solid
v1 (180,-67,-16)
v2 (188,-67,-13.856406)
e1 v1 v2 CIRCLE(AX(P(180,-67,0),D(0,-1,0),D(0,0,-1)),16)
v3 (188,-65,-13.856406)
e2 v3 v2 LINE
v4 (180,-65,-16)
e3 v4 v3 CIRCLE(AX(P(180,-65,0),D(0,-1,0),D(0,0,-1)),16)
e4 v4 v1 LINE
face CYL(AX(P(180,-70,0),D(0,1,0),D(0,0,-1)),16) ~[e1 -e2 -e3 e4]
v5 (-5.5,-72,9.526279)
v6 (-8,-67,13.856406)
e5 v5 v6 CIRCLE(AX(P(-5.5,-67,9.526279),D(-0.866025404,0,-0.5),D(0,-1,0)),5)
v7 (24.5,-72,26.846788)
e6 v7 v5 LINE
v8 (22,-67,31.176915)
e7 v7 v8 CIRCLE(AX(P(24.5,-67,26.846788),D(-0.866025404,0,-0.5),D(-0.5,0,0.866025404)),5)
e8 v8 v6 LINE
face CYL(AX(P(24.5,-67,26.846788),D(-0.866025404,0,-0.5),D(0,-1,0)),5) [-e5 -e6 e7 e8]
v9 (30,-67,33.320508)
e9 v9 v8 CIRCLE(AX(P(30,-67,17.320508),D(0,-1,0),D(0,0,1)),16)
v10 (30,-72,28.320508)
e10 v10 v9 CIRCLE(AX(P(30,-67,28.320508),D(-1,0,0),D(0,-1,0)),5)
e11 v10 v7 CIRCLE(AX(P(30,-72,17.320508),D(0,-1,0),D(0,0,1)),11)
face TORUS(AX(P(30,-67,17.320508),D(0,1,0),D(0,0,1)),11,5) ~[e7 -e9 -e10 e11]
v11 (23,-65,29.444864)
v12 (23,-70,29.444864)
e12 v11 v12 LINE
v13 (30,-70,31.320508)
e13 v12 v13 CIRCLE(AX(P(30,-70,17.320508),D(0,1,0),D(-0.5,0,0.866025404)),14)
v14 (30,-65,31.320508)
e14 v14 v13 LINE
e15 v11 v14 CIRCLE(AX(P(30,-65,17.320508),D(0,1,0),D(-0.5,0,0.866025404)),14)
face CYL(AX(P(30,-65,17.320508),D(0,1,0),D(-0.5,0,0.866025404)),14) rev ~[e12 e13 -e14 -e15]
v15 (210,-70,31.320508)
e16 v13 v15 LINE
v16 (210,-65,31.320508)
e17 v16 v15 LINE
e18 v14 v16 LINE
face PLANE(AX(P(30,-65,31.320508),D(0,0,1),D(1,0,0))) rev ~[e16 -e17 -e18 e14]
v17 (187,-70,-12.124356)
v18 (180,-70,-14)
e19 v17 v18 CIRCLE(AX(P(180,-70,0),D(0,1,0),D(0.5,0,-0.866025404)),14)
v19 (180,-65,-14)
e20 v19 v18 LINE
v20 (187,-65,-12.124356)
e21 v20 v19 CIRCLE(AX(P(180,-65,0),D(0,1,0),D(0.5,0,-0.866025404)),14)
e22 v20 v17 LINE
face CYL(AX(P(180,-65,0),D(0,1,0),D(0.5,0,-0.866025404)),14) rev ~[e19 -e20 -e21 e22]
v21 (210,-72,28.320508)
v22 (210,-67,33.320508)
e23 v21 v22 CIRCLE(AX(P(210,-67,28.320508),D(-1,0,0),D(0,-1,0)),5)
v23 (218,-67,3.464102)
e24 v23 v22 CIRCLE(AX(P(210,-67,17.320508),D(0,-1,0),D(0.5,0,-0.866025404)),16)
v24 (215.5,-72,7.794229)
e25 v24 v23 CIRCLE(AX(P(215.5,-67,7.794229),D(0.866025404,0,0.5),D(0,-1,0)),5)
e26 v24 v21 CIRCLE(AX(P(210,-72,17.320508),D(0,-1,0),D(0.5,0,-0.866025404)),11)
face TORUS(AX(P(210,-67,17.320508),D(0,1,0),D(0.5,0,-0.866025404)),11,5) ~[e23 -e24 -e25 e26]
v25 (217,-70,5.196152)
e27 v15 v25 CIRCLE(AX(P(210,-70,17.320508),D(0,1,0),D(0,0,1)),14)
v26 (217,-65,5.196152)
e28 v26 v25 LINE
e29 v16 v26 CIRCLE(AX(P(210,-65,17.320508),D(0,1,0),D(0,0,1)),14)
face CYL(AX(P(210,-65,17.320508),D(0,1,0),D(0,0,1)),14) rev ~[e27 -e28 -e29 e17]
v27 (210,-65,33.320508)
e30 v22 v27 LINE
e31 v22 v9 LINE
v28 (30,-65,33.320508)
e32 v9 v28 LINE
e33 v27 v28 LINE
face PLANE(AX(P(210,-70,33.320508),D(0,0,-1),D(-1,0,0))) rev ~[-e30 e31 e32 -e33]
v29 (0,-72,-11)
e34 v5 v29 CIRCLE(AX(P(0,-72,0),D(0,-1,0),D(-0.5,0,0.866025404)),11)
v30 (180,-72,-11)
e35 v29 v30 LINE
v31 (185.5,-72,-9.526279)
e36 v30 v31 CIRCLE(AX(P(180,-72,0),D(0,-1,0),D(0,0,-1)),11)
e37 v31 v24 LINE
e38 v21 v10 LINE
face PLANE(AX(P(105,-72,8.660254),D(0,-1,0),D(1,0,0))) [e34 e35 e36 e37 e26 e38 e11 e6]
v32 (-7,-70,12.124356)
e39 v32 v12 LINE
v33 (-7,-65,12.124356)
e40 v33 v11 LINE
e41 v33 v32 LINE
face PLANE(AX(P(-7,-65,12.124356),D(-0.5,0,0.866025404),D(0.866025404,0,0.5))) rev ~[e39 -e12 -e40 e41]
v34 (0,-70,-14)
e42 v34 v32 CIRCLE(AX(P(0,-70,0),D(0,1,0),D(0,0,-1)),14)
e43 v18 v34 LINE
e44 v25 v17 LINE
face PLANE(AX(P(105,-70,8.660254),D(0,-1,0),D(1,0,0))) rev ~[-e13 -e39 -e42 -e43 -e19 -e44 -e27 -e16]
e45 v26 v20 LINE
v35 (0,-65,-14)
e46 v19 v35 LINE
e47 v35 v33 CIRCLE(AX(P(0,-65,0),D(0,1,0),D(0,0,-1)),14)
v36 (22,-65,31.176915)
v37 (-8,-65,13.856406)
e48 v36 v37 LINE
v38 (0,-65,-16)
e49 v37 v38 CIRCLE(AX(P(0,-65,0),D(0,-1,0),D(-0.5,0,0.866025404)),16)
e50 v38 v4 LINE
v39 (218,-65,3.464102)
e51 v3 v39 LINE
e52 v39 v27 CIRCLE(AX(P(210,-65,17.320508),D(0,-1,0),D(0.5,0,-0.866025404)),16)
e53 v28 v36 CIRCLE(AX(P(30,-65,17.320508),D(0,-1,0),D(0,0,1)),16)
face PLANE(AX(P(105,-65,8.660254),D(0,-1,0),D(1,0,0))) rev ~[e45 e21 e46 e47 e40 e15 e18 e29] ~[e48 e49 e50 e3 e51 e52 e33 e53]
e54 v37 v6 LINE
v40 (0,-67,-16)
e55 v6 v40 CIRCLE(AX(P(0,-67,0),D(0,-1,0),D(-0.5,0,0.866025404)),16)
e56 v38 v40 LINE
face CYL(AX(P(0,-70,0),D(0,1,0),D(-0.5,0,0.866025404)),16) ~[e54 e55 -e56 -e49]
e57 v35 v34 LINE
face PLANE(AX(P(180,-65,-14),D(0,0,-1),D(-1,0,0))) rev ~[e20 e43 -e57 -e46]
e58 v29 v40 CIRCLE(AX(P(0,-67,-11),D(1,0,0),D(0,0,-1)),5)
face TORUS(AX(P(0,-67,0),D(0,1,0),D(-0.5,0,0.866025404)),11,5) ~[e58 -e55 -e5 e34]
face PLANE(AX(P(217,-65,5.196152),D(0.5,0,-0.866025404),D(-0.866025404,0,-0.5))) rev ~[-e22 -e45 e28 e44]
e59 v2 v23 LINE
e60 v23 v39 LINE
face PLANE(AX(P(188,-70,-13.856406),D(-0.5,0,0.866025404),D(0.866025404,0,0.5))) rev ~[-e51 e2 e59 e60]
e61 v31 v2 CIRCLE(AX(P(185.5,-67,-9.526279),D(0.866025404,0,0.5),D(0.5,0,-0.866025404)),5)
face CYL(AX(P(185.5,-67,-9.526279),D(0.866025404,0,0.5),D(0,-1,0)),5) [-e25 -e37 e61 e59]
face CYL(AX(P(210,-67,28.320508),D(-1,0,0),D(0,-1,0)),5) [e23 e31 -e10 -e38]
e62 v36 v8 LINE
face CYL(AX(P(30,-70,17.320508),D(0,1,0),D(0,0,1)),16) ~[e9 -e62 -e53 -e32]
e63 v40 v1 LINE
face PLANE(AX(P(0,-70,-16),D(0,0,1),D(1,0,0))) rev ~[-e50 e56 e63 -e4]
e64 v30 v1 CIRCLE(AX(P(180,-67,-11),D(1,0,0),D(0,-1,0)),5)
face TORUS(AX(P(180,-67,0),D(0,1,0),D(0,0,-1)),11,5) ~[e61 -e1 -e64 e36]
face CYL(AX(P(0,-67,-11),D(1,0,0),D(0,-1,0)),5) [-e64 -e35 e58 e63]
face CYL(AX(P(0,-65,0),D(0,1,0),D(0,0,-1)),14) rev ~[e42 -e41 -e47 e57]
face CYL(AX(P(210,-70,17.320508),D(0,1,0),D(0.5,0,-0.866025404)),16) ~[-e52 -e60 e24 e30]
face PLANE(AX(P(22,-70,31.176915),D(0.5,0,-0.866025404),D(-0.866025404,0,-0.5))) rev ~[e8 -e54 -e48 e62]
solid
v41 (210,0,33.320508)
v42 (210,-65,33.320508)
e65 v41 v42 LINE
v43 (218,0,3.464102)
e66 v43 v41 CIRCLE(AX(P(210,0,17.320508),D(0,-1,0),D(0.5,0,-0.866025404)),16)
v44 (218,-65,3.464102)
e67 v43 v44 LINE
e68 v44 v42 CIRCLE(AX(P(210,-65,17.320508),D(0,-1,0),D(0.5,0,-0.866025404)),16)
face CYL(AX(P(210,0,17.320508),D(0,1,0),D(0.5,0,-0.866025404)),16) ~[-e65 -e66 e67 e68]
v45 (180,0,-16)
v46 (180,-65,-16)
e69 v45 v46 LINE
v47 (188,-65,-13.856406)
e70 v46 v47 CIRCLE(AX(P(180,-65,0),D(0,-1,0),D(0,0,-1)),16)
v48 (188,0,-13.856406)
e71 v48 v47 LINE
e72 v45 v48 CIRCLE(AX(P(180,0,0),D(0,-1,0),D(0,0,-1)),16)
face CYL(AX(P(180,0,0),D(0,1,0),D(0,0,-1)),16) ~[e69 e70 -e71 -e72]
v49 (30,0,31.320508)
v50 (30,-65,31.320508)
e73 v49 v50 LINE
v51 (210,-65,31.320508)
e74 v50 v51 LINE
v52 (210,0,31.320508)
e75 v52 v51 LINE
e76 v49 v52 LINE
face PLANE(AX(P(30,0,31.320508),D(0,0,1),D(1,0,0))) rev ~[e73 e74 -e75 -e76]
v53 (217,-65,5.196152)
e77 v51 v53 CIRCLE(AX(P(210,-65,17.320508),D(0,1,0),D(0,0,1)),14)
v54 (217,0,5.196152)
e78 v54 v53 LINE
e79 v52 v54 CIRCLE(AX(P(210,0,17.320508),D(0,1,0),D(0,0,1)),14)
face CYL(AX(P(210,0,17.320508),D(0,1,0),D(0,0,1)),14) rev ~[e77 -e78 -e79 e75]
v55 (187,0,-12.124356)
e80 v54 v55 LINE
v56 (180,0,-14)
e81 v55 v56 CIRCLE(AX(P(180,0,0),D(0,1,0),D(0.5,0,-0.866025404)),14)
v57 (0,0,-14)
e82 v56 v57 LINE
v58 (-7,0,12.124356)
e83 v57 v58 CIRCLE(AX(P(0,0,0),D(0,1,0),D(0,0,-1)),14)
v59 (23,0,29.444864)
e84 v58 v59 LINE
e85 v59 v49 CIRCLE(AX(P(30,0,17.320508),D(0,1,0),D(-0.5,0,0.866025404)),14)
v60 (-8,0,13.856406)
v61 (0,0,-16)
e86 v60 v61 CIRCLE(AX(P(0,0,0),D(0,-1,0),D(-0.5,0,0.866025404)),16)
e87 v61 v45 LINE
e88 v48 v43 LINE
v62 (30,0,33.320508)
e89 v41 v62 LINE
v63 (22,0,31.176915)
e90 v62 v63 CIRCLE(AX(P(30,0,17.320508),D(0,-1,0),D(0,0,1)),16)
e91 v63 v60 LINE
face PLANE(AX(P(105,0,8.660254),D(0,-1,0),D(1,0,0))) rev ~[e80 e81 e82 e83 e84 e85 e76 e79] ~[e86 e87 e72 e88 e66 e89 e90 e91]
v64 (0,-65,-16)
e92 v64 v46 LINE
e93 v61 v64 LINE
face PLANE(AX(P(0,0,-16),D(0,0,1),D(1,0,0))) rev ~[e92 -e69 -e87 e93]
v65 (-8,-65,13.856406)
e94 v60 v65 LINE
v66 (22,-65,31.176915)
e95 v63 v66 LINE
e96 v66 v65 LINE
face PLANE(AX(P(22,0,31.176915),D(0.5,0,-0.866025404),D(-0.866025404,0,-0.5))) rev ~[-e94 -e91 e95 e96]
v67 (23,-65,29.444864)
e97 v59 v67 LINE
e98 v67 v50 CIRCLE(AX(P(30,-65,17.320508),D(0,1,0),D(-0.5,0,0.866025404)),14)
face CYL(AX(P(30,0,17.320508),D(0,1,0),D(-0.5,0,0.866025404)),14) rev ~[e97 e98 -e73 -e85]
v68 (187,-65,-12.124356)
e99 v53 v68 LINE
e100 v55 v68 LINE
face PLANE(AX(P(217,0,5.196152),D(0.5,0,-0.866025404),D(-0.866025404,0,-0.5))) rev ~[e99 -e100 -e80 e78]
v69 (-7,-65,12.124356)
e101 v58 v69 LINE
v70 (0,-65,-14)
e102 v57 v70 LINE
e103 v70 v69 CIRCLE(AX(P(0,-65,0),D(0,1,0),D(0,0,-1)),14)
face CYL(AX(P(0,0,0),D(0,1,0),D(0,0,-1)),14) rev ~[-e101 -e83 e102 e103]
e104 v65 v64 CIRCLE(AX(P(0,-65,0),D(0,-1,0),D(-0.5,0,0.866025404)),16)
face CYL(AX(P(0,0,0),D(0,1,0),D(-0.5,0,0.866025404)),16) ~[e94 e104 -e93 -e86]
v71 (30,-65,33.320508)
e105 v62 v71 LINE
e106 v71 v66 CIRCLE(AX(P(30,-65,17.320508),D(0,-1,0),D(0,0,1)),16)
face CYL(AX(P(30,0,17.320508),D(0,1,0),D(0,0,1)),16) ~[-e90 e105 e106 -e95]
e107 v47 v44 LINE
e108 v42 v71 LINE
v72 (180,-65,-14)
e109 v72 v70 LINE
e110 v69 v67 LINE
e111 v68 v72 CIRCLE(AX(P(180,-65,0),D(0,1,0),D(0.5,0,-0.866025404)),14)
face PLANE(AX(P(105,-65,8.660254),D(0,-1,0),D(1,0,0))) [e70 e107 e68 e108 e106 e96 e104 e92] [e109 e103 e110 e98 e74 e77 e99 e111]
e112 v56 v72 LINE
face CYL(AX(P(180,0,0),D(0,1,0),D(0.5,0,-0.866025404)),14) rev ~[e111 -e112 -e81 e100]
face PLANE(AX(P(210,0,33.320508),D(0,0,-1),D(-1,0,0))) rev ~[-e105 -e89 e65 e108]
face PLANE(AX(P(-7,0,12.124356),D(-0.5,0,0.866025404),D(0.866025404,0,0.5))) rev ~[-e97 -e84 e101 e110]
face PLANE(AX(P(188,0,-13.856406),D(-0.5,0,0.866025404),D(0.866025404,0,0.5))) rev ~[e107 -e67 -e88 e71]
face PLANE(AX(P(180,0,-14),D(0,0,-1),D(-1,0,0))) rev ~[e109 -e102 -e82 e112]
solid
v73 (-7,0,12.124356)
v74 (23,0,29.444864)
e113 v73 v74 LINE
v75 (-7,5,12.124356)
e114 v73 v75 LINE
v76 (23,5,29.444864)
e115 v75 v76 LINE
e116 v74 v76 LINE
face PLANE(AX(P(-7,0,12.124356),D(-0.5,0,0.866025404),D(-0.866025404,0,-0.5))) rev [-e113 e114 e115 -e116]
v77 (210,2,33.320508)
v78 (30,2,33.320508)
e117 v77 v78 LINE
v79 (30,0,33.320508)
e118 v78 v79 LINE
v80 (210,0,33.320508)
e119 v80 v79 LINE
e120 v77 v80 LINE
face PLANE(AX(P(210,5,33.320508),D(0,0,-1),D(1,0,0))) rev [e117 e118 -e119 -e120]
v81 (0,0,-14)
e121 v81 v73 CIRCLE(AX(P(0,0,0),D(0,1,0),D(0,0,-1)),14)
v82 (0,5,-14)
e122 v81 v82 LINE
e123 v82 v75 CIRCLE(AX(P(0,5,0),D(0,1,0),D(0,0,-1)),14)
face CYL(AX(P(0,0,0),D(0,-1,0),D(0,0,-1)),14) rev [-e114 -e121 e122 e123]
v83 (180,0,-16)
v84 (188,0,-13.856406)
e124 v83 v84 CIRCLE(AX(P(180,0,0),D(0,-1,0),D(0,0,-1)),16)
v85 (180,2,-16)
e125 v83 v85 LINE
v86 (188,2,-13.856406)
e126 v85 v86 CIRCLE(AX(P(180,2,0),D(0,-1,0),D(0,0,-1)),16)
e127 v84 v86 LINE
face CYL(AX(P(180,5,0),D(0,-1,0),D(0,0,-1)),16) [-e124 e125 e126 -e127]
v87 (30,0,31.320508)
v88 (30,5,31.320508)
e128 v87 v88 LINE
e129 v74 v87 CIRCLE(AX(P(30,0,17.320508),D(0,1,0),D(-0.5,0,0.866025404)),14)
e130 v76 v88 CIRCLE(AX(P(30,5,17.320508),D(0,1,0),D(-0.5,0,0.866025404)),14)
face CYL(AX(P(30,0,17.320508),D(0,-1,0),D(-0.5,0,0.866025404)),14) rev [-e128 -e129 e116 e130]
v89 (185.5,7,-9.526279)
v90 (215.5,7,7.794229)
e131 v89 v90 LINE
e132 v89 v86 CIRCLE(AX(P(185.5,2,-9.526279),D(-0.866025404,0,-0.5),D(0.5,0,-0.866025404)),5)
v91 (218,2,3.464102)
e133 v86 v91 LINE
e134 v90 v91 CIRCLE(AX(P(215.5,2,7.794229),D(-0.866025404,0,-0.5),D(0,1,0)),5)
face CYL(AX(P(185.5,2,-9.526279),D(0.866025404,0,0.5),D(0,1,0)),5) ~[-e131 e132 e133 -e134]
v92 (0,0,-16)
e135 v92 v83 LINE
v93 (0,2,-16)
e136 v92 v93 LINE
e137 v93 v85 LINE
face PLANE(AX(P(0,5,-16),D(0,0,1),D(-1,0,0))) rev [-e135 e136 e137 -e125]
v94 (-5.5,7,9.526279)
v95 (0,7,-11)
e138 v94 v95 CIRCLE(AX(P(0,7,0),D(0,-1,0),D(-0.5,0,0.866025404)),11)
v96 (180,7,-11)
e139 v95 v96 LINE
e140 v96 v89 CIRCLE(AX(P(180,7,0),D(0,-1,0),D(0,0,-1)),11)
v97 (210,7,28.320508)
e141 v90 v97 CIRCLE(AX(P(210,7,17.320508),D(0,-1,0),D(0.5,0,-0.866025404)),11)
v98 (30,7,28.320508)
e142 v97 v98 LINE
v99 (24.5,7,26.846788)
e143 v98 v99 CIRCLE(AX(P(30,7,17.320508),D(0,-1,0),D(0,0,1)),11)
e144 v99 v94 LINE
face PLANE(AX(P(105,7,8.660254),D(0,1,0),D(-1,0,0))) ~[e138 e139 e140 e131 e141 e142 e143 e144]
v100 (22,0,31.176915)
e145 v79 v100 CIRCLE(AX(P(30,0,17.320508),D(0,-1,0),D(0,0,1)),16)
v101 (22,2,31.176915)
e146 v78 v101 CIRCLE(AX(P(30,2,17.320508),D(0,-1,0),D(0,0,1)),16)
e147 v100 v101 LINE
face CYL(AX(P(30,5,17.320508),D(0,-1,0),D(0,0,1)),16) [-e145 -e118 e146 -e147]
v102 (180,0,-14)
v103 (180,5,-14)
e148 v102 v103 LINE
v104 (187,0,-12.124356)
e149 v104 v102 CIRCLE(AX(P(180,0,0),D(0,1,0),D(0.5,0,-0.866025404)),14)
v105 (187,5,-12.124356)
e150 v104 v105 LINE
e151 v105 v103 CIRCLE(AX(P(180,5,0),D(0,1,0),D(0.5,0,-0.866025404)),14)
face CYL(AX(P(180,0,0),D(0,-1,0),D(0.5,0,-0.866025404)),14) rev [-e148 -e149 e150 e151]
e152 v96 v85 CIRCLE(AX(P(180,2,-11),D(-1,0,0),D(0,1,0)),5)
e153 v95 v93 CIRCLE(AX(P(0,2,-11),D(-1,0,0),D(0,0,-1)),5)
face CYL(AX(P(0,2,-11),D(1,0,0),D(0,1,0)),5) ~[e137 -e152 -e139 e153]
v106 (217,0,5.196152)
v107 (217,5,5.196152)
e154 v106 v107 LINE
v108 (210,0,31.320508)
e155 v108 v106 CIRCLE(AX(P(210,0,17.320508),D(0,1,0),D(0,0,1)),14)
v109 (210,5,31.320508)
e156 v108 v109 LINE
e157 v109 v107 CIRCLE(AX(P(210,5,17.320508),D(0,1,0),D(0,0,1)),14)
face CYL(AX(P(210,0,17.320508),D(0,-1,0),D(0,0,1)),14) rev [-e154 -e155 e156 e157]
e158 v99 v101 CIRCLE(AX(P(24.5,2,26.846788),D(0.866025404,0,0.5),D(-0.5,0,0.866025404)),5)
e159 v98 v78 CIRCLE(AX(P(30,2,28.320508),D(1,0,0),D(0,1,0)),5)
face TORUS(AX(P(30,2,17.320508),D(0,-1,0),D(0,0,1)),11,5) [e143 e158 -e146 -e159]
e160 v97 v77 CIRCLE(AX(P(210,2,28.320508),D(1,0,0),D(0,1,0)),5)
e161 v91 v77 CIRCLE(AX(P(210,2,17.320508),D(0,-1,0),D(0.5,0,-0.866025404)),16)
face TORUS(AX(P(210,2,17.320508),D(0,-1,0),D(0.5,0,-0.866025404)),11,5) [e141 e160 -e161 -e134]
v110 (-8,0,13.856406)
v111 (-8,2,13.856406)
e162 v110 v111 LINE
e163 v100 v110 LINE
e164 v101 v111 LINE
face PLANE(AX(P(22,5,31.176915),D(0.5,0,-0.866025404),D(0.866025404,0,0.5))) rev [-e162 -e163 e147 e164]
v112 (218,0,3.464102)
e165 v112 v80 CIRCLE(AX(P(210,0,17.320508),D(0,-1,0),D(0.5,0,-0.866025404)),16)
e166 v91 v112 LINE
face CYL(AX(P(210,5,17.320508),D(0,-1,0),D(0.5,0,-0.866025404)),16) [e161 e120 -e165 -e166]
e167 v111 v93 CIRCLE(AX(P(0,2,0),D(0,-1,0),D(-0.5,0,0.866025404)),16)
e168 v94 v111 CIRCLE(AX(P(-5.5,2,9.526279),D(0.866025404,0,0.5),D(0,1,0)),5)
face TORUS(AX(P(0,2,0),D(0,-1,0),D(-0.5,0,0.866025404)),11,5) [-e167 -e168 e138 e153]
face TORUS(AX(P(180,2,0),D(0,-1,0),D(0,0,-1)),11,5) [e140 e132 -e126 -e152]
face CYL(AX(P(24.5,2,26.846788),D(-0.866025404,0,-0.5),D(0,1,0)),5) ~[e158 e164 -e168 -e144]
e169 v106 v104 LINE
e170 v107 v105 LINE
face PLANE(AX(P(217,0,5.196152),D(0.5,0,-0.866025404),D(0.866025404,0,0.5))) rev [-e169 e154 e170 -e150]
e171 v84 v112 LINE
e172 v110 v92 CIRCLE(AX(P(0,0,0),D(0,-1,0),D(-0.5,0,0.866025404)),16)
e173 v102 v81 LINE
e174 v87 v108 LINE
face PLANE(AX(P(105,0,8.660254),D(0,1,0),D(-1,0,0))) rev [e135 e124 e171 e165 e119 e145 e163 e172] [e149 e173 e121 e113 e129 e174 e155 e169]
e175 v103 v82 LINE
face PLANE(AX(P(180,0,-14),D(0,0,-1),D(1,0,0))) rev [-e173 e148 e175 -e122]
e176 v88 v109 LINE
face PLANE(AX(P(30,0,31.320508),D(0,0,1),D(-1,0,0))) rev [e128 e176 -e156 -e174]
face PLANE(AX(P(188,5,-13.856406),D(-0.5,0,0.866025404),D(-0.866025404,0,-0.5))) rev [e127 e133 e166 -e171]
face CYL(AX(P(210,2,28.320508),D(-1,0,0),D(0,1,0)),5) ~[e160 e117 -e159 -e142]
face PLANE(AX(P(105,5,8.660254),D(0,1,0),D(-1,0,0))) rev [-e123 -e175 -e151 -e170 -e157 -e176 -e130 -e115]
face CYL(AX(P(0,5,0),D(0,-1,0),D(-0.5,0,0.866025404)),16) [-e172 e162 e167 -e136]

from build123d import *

# Parameters (mm, degrees)
F2_DEPTH = 65
F4_DEPTH = 5
F6_DEPTH = 2
F7_R     = 5


with BuildPart() as f2:
    # F1 (on Front) → F2 (new body)
    with BuildSketch(Plane.XZ):
        with BuildLine():
            Line((210, 33.3205080757), (30, 33.3205080757))
            ThreePointArc((30, 33.3205080757), (25.8588952784, 32.7753212963), (22, 31.1769145362))
            Line((22, 31.1769145362), (-8, 13.8564064606))
            ThreePointArc((-8, 13.8564064606), (-15.4548132206, -4.1411047216), (0, -16))
            Line((0, -16), (180, -16))
            ThreePointArc((180, -16), (184.1411047216, -15.4548132206), (188, -13.8564064606))
            Line((188, -13.8564064606), (218, 3.4641016151))
            ThreePointArc((218, 3.4641016151), (225.4548132206, 21.4616127973), (210, 33.3205080757))
        make_face()
        with BuildLine():
            ThreePointArc((23, 29.4448637287), (26.3765333686, 30.8434696437), (30, 31.3205080757))
            Line((30, 31.3205080757), (210, 31.3205080757))
            ThreePointArc((210, 31.3205080757), (223.522961568, 20.9439747071), (217, 5.1961524227))
            Line((217, 5.1961524227), (187, -12.124355653))
            ThreePointArc((187, -12.124355653), (183.6234666314, -13.522961568), (180, -14))
            Line((180, -14), (0, -14))
            ThreePointArc((0, -14), (-13.522961568, -3.6234666314), (-7, 12.124355653))
            Line((-7, 12.124355653), (23, 29.4448637287))
        make_face(mode=Mode.SUBTRACT)
    extrude(amount=F2_DEPTH)


with BuildPart() as f4:
    # F3 (on face) → F4 (new body)
    with BuildSketch(Plane.XZ.offset(65)):
        with BuildLine():
            Line((22, 31.1769145362), (-8, 13.8564064606))
            ThreePointArc((-8, 13.8564064606), (-15.4548132206, -4.1411047216), (0, -16))
            Line((0, -16), (180, -16))
            ThreePointArc((180, -16), (184.1411047216, -15.4548132206), (188, -13.8564064606))
            Line((188, -13.8564064606), (218, 3.4641016151))
            ThreePointArc((218, 3.4641016151), (225.4548132206, 21.4616127973), (210, 33.3205080757))
            Line((210, 33.3205080757), (30, 33.3205080757))
            ThreePointArc((30, 33.3205080757), (25.8588952784, 32.7753212963), (22, 31.1769145362))
        make_face()
        with BuildLine():
            ThreePointArc((23, 29.4448637287), (26.3765333686, 30.8434696437), (30, 31.3205080757))
            Line((30, 31.3205080757), (210, 31.3205080757))
            ThreePointArc((210, 31.3205080757), (223.522961568, 20.9439747071), (217, 5.1961524227))
            Line((217, 5.1961524227), (187, -12.124355653))
            ThreePointArc((187, -12.124355653), (183.6234666314, -13.522961568), (180, -14))
            Line((180, -14), (0, -14))
            ThreePointArc((0, -14), (-13.522961568, -3.6234666314), (-7, 12.124355653))
            Line((-7, 12.124355653), (23, 29.4448637287))
        make_face(mode=Mode.SUBTRACT)
    extrude(amount=F4_DEPTH)

    # F5 (on face) → F6 (join)
    with BuildSketch(Plane.XZ.offset(70)):
        with BuildLine():
            ThreePointArc((30, 33.3205080757), (25.8588952784, 32.7753212963), (22, 31.1769145362))
            Line((22, 31.1769145362), (-8, 13.8564064606))
            ThreePointArc((-8, 13.8564064606), (-15.4548132206, -4.1411047216), (0, -16))
            Line((0, -16), (180, -16))
            ThreePointArc((180, -16), (184.1411047216, -15.4548132206), (188, -13.8564064606))
            Line((188, -13.8564064606), (218, 3.4641016151))
            ThreePointArc((218, 3.4641016151), (225.4548132206, 21.4616127973), (210, 33.3205080757))
            Line((210, 33.3205080757), (30, 33.3205080757))
        make_face()
        with BuildLine():
            ThreePointArc((0, -14), (-13.522961568, -3.6234666314), (-7, 12.124355653))
            Line((-7, 12.124355653), (23, 29.4448637287))
            ThreePointArc((23, 29.4448637287), (26.3765333686, 30.8434696437), (30, 31.3205080757))
            Line((30, 31.3205080757), (210, 31.3205080757))
            ThreePointArc((210, 31.3205080757), (223.522961568, 20.9439747071), (217, 5.1961524227))
            Line((217, 5.1961524227), (187, -12.124355653))
            ThreePointArc((187, -12.124355653), (183.6234666314, -13.522961568), (180, -14))
            Line((180, -14), (0, -14))
        make_face(mode=Mode.SUBTRACT)
        with BuildLine():
            Line((23, 29.4448637287), (-7, 12.124355653))
            ThreePointArc((-7, 12.124355653), (-13.522961568, -3.6234666314), (0, -14))
            Line((0, -14), (180, -14))
            ThreePointArc((180, -14), (183.6234666314, -13.522961568), (187, -12.124355653))
            Line((187, -12.124355653), (217, 5.1961524227))
            ThreePointArc((217, 5.1961524227), (223.522961568, 20.9439747071), (210, 31.3205080757))
            Line((210, 31.3205080757), (30, 31.3205080757))
            ThreePointArc((30, 31.3205080757), (26.3765333686, 30.8434696437), (23, 29.4448637287))
        make_face()
    extrude(amount=F6_DEPTH)

    # F7
    f7_edges = [f4.edges().sort_by_distance(p)[0] for p in [
        (120, -72, 33.320508),
        (25.858895, -72, 32.775321),
        (7, -72, 22.51666),
        (-15.454813, -72, -4.141105),
        (90, -72, -16),
        (184.141105, -72, -15.454813),
        (203, -72, -5.196152),
        (225.454813, -72, 21.461613),
    ]]
    fillet(f7_edges, radius=F7_R)


with BuildPart() as f9_1:
    # F9: instance of F4
    add(f4.part.mirror(Plane.XZ.offset(32.5)))


solid = Compound([f2.part, f4.part, f9_1.part])
